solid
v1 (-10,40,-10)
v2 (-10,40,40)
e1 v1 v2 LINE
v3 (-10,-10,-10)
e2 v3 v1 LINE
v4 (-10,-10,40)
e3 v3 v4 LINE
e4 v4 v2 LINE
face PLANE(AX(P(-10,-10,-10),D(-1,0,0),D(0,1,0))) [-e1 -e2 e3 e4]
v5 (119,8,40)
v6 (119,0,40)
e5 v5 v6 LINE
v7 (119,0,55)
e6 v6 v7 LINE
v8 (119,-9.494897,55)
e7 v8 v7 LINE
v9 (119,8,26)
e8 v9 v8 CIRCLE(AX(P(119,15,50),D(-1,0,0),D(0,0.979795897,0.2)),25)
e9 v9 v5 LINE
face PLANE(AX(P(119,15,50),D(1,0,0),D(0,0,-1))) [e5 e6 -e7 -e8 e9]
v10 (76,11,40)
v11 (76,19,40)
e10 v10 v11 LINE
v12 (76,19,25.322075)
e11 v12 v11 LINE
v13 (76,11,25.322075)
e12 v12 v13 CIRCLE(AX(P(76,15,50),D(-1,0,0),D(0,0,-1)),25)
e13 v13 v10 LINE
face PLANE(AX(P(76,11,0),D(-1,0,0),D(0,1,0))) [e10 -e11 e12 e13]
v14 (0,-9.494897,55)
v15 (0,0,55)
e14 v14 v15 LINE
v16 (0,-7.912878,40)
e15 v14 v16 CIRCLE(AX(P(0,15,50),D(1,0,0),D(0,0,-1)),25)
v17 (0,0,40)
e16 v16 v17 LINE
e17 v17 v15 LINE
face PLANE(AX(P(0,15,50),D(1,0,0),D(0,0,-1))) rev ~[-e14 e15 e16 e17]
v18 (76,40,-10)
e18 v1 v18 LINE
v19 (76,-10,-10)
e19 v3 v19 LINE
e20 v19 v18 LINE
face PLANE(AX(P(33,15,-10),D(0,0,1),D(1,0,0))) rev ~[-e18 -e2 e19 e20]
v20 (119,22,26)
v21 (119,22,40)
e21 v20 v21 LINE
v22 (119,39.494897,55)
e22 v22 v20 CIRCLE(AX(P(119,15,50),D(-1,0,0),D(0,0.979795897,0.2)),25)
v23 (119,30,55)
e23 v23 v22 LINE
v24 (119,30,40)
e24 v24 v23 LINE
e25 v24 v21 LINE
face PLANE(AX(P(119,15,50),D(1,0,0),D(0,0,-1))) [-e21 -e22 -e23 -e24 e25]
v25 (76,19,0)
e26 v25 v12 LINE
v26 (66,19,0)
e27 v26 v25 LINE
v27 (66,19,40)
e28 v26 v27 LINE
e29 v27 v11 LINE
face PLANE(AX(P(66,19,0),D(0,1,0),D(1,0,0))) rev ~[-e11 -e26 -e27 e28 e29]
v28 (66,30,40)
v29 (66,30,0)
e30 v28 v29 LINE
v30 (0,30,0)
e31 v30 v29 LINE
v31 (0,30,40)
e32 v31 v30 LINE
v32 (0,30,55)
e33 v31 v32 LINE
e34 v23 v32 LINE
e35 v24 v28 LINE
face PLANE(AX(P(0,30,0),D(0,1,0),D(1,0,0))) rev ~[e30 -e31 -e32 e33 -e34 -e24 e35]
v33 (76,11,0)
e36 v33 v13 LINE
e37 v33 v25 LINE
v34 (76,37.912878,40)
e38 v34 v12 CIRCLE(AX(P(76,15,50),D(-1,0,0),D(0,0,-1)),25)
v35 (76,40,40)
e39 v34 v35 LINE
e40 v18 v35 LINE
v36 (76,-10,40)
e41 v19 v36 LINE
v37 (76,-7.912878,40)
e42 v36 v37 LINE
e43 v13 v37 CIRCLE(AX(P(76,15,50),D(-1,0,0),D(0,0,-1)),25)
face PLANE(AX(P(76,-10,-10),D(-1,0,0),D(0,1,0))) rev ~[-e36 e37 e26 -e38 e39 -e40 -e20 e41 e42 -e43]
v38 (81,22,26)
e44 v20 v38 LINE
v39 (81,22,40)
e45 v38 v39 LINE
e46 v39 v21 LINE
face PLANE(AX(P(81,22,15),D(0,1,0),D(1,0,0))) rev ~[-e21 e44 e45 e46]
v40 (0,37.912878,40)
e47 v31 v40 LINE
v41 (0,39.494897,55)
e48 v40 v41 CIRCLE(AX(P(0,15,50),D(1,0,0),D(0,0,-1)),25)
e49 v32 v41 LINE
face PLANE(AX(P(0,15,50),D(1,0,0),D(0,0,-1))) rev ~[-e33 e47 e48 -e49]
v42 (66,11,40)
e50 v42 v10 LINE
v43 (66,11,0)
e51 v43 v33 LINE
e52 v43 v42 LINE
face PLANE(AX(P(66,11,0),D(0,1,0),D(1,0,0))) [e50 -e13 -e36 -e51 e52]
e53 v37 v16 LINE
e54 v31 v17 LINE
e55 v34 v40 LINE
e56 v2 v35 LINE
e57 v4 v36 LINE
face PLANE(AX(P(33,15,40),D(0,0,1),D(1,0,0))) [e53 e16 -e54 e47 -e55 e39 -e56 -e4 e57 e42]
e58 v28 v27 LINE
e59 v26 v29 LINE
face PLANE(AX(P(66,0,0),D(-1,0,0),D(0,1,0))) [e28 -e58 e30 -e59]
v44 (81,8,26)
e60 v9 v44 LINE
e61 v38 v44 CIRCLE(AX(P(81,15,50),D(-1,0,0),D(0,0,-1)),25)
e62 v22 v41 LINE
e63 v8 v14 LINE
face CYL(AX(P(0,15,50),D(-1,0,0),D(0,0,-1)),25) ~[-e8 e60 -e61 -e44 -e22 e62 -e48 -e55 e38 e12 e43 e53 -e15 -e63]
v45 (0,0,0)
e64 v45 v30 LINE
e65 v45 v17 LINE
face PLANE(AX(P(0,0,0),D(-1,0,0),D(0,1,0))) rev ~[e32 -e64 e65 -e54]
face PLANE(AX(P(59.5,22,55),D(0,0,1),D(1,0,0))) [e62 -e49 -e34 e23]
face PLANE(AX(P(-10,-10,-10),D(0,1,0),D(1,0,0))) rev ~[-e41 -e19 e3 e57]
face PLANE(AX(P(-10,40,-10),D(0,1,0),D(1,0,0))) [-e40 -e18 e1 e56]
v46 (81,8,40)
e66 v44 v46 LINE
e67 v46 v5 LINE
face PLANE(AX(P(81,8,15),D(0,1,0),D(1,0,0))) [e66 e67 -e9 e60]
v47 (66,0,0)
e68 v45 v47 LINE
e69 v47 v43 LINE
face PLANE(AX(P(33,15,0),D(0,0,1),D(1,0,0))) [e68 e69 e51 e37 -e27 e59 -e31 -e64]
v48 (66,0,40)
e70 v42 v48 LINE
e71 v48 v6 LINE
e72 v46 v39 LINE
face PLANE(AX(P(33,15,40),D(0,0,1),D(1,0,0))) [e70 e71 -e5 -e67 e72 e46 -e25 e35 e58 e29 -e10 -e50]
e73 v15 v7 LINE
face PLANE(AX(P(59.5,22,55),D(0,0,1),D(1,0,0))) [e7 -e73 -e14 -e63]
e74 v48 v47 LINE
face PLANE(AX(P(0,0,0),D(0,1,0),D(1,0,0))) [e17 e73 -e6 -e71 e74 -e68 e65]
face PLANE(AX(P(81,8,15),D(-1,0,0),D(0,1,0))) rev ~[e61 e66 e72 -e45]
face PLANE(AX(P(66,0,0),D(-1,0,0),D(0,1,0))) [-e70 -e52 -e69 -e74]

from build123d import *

# Parameters (mm, degrees)
BOX051_W          = 10
BOX051_H          = 8
BOX051_DEPTH      = 40
BOX050_W          = 67
BOX050_H          = 14
BOX050_DEPTH      = 25
BOX049_W          = 67
BOX049_H          = 30
BOX049_DEPTH      = 15
BOX048_W          = 119
BOX048_H          = 70
BOX048_DEPTH      = 30
BOX046_W          = 66
BOX046_H          = 30
BOX046_DEPTH      = 60
CYLINDER101_R     = 25
CYLINDER101_DEPTH = 119
BOX047_W          = 86
BOX047_H          = 50
BOX047_DEPTH      = 50


with BuildPart() as cube030:
    # Box051 → Box051 (new body)
    with BuildSketch(Plane(origin=(66, 11, 0), x_dir=(1, 0, 0), z_dir=(0, 0, 1))):
        with Locations((5, 4)):
            Rectangle(BOX051_W, BOX051_H)
    extrude(amount=BOX051_DEPTH)


with BuildPart() as cube029:
    # Box050 → Box050 (new body)
    with BuildSketch(Plane(origin=(81, 8, 15), x_dir=(1, 0, 0), z_dir=(0, 0, 1))):
        with Locations((33.5, 7)):
            Rectangle(BOX050_W, BOX050_H)
    extrude(amount=BOX050_DEPTH)


with BuildPart() as cube028:
    # Box049 → Box049 (new body)
    with BuildSketch(Plane(origin=(66, 0, 40), x_dir=(1, 0, 0), z_dir=(0, 0, 1))):
        with Locations((33.5, 15)):
            Rectangle(BOX049_W, BOX049_H)
    extrude(amount=BOX049_DEPTH)


with BuildPart() as cube027:
    # Box048 → Box048 (new body)
    with BuildSketch(Plane(origin=(0, -13, 55), x_dir=(1, 0, 0), z_dir=(0, 0, 1))):
        with Locations((59.5, 35)):
            Rectangle(BOX048_W, BOX048_H)
    extrude(amount=BOX048_DEPTH)


with BuildPart() as cube025:
    # Box046 → Box046 (new body)
    with BuildSketch(Plane.XY):
        with Locations((33, 15)):
            Rectangle(BOX046_W, BOX046_H)
    extrude(amount=BOX046_DEPTH)


with BuildPart() as cut111:
    # Cylinder101 → Cylinder101 (new body)
    with BuildSketch(Plane(origin=(0, 15, 50), x_dir=(0, 0, -1), z_dir=(1, 0, 0))):
        Circle(CYLINDER101_R)
    extrude(amount=CYLINDER101_DEPTH)

    # Cut108: cut Cube025
    add(cube025.part, mode=Mode.SUBTRACT)

    # Cut109: cut Cube027
    add(cube027.part, mode=Mode.SUBTRACT)

    # Cut110: cut Cube028
    add(cube028.part, mode=Mode.SUBTRACT)

    # Cut111: cut Cube029
    add(cube029.part, mode=Mode.SUBTRACT)


with BuildPart() as cut112:
    # Box047 → Box047 (new body)
    with BuildSketch(Plane(origin=(-10, -10, -10), x_dir=(1, 0, 0), z_dir=(0, 0, 1))):
        with Locations((43, 25)):
            Rectangle(BOX047_W, BOX047_H)
    extrude(amount=BOX047_DEPTH)

    # Cut107: cut Cube025
    add(cube025.part, mode=Mode.SUBTRACT)

    # Fusion031: union Cut111
    add(cut111.part)

    # Cut112: cut Cube030
    add(cube030.part, mode=Mode.SUBTRACT)


solid = cut112.part
